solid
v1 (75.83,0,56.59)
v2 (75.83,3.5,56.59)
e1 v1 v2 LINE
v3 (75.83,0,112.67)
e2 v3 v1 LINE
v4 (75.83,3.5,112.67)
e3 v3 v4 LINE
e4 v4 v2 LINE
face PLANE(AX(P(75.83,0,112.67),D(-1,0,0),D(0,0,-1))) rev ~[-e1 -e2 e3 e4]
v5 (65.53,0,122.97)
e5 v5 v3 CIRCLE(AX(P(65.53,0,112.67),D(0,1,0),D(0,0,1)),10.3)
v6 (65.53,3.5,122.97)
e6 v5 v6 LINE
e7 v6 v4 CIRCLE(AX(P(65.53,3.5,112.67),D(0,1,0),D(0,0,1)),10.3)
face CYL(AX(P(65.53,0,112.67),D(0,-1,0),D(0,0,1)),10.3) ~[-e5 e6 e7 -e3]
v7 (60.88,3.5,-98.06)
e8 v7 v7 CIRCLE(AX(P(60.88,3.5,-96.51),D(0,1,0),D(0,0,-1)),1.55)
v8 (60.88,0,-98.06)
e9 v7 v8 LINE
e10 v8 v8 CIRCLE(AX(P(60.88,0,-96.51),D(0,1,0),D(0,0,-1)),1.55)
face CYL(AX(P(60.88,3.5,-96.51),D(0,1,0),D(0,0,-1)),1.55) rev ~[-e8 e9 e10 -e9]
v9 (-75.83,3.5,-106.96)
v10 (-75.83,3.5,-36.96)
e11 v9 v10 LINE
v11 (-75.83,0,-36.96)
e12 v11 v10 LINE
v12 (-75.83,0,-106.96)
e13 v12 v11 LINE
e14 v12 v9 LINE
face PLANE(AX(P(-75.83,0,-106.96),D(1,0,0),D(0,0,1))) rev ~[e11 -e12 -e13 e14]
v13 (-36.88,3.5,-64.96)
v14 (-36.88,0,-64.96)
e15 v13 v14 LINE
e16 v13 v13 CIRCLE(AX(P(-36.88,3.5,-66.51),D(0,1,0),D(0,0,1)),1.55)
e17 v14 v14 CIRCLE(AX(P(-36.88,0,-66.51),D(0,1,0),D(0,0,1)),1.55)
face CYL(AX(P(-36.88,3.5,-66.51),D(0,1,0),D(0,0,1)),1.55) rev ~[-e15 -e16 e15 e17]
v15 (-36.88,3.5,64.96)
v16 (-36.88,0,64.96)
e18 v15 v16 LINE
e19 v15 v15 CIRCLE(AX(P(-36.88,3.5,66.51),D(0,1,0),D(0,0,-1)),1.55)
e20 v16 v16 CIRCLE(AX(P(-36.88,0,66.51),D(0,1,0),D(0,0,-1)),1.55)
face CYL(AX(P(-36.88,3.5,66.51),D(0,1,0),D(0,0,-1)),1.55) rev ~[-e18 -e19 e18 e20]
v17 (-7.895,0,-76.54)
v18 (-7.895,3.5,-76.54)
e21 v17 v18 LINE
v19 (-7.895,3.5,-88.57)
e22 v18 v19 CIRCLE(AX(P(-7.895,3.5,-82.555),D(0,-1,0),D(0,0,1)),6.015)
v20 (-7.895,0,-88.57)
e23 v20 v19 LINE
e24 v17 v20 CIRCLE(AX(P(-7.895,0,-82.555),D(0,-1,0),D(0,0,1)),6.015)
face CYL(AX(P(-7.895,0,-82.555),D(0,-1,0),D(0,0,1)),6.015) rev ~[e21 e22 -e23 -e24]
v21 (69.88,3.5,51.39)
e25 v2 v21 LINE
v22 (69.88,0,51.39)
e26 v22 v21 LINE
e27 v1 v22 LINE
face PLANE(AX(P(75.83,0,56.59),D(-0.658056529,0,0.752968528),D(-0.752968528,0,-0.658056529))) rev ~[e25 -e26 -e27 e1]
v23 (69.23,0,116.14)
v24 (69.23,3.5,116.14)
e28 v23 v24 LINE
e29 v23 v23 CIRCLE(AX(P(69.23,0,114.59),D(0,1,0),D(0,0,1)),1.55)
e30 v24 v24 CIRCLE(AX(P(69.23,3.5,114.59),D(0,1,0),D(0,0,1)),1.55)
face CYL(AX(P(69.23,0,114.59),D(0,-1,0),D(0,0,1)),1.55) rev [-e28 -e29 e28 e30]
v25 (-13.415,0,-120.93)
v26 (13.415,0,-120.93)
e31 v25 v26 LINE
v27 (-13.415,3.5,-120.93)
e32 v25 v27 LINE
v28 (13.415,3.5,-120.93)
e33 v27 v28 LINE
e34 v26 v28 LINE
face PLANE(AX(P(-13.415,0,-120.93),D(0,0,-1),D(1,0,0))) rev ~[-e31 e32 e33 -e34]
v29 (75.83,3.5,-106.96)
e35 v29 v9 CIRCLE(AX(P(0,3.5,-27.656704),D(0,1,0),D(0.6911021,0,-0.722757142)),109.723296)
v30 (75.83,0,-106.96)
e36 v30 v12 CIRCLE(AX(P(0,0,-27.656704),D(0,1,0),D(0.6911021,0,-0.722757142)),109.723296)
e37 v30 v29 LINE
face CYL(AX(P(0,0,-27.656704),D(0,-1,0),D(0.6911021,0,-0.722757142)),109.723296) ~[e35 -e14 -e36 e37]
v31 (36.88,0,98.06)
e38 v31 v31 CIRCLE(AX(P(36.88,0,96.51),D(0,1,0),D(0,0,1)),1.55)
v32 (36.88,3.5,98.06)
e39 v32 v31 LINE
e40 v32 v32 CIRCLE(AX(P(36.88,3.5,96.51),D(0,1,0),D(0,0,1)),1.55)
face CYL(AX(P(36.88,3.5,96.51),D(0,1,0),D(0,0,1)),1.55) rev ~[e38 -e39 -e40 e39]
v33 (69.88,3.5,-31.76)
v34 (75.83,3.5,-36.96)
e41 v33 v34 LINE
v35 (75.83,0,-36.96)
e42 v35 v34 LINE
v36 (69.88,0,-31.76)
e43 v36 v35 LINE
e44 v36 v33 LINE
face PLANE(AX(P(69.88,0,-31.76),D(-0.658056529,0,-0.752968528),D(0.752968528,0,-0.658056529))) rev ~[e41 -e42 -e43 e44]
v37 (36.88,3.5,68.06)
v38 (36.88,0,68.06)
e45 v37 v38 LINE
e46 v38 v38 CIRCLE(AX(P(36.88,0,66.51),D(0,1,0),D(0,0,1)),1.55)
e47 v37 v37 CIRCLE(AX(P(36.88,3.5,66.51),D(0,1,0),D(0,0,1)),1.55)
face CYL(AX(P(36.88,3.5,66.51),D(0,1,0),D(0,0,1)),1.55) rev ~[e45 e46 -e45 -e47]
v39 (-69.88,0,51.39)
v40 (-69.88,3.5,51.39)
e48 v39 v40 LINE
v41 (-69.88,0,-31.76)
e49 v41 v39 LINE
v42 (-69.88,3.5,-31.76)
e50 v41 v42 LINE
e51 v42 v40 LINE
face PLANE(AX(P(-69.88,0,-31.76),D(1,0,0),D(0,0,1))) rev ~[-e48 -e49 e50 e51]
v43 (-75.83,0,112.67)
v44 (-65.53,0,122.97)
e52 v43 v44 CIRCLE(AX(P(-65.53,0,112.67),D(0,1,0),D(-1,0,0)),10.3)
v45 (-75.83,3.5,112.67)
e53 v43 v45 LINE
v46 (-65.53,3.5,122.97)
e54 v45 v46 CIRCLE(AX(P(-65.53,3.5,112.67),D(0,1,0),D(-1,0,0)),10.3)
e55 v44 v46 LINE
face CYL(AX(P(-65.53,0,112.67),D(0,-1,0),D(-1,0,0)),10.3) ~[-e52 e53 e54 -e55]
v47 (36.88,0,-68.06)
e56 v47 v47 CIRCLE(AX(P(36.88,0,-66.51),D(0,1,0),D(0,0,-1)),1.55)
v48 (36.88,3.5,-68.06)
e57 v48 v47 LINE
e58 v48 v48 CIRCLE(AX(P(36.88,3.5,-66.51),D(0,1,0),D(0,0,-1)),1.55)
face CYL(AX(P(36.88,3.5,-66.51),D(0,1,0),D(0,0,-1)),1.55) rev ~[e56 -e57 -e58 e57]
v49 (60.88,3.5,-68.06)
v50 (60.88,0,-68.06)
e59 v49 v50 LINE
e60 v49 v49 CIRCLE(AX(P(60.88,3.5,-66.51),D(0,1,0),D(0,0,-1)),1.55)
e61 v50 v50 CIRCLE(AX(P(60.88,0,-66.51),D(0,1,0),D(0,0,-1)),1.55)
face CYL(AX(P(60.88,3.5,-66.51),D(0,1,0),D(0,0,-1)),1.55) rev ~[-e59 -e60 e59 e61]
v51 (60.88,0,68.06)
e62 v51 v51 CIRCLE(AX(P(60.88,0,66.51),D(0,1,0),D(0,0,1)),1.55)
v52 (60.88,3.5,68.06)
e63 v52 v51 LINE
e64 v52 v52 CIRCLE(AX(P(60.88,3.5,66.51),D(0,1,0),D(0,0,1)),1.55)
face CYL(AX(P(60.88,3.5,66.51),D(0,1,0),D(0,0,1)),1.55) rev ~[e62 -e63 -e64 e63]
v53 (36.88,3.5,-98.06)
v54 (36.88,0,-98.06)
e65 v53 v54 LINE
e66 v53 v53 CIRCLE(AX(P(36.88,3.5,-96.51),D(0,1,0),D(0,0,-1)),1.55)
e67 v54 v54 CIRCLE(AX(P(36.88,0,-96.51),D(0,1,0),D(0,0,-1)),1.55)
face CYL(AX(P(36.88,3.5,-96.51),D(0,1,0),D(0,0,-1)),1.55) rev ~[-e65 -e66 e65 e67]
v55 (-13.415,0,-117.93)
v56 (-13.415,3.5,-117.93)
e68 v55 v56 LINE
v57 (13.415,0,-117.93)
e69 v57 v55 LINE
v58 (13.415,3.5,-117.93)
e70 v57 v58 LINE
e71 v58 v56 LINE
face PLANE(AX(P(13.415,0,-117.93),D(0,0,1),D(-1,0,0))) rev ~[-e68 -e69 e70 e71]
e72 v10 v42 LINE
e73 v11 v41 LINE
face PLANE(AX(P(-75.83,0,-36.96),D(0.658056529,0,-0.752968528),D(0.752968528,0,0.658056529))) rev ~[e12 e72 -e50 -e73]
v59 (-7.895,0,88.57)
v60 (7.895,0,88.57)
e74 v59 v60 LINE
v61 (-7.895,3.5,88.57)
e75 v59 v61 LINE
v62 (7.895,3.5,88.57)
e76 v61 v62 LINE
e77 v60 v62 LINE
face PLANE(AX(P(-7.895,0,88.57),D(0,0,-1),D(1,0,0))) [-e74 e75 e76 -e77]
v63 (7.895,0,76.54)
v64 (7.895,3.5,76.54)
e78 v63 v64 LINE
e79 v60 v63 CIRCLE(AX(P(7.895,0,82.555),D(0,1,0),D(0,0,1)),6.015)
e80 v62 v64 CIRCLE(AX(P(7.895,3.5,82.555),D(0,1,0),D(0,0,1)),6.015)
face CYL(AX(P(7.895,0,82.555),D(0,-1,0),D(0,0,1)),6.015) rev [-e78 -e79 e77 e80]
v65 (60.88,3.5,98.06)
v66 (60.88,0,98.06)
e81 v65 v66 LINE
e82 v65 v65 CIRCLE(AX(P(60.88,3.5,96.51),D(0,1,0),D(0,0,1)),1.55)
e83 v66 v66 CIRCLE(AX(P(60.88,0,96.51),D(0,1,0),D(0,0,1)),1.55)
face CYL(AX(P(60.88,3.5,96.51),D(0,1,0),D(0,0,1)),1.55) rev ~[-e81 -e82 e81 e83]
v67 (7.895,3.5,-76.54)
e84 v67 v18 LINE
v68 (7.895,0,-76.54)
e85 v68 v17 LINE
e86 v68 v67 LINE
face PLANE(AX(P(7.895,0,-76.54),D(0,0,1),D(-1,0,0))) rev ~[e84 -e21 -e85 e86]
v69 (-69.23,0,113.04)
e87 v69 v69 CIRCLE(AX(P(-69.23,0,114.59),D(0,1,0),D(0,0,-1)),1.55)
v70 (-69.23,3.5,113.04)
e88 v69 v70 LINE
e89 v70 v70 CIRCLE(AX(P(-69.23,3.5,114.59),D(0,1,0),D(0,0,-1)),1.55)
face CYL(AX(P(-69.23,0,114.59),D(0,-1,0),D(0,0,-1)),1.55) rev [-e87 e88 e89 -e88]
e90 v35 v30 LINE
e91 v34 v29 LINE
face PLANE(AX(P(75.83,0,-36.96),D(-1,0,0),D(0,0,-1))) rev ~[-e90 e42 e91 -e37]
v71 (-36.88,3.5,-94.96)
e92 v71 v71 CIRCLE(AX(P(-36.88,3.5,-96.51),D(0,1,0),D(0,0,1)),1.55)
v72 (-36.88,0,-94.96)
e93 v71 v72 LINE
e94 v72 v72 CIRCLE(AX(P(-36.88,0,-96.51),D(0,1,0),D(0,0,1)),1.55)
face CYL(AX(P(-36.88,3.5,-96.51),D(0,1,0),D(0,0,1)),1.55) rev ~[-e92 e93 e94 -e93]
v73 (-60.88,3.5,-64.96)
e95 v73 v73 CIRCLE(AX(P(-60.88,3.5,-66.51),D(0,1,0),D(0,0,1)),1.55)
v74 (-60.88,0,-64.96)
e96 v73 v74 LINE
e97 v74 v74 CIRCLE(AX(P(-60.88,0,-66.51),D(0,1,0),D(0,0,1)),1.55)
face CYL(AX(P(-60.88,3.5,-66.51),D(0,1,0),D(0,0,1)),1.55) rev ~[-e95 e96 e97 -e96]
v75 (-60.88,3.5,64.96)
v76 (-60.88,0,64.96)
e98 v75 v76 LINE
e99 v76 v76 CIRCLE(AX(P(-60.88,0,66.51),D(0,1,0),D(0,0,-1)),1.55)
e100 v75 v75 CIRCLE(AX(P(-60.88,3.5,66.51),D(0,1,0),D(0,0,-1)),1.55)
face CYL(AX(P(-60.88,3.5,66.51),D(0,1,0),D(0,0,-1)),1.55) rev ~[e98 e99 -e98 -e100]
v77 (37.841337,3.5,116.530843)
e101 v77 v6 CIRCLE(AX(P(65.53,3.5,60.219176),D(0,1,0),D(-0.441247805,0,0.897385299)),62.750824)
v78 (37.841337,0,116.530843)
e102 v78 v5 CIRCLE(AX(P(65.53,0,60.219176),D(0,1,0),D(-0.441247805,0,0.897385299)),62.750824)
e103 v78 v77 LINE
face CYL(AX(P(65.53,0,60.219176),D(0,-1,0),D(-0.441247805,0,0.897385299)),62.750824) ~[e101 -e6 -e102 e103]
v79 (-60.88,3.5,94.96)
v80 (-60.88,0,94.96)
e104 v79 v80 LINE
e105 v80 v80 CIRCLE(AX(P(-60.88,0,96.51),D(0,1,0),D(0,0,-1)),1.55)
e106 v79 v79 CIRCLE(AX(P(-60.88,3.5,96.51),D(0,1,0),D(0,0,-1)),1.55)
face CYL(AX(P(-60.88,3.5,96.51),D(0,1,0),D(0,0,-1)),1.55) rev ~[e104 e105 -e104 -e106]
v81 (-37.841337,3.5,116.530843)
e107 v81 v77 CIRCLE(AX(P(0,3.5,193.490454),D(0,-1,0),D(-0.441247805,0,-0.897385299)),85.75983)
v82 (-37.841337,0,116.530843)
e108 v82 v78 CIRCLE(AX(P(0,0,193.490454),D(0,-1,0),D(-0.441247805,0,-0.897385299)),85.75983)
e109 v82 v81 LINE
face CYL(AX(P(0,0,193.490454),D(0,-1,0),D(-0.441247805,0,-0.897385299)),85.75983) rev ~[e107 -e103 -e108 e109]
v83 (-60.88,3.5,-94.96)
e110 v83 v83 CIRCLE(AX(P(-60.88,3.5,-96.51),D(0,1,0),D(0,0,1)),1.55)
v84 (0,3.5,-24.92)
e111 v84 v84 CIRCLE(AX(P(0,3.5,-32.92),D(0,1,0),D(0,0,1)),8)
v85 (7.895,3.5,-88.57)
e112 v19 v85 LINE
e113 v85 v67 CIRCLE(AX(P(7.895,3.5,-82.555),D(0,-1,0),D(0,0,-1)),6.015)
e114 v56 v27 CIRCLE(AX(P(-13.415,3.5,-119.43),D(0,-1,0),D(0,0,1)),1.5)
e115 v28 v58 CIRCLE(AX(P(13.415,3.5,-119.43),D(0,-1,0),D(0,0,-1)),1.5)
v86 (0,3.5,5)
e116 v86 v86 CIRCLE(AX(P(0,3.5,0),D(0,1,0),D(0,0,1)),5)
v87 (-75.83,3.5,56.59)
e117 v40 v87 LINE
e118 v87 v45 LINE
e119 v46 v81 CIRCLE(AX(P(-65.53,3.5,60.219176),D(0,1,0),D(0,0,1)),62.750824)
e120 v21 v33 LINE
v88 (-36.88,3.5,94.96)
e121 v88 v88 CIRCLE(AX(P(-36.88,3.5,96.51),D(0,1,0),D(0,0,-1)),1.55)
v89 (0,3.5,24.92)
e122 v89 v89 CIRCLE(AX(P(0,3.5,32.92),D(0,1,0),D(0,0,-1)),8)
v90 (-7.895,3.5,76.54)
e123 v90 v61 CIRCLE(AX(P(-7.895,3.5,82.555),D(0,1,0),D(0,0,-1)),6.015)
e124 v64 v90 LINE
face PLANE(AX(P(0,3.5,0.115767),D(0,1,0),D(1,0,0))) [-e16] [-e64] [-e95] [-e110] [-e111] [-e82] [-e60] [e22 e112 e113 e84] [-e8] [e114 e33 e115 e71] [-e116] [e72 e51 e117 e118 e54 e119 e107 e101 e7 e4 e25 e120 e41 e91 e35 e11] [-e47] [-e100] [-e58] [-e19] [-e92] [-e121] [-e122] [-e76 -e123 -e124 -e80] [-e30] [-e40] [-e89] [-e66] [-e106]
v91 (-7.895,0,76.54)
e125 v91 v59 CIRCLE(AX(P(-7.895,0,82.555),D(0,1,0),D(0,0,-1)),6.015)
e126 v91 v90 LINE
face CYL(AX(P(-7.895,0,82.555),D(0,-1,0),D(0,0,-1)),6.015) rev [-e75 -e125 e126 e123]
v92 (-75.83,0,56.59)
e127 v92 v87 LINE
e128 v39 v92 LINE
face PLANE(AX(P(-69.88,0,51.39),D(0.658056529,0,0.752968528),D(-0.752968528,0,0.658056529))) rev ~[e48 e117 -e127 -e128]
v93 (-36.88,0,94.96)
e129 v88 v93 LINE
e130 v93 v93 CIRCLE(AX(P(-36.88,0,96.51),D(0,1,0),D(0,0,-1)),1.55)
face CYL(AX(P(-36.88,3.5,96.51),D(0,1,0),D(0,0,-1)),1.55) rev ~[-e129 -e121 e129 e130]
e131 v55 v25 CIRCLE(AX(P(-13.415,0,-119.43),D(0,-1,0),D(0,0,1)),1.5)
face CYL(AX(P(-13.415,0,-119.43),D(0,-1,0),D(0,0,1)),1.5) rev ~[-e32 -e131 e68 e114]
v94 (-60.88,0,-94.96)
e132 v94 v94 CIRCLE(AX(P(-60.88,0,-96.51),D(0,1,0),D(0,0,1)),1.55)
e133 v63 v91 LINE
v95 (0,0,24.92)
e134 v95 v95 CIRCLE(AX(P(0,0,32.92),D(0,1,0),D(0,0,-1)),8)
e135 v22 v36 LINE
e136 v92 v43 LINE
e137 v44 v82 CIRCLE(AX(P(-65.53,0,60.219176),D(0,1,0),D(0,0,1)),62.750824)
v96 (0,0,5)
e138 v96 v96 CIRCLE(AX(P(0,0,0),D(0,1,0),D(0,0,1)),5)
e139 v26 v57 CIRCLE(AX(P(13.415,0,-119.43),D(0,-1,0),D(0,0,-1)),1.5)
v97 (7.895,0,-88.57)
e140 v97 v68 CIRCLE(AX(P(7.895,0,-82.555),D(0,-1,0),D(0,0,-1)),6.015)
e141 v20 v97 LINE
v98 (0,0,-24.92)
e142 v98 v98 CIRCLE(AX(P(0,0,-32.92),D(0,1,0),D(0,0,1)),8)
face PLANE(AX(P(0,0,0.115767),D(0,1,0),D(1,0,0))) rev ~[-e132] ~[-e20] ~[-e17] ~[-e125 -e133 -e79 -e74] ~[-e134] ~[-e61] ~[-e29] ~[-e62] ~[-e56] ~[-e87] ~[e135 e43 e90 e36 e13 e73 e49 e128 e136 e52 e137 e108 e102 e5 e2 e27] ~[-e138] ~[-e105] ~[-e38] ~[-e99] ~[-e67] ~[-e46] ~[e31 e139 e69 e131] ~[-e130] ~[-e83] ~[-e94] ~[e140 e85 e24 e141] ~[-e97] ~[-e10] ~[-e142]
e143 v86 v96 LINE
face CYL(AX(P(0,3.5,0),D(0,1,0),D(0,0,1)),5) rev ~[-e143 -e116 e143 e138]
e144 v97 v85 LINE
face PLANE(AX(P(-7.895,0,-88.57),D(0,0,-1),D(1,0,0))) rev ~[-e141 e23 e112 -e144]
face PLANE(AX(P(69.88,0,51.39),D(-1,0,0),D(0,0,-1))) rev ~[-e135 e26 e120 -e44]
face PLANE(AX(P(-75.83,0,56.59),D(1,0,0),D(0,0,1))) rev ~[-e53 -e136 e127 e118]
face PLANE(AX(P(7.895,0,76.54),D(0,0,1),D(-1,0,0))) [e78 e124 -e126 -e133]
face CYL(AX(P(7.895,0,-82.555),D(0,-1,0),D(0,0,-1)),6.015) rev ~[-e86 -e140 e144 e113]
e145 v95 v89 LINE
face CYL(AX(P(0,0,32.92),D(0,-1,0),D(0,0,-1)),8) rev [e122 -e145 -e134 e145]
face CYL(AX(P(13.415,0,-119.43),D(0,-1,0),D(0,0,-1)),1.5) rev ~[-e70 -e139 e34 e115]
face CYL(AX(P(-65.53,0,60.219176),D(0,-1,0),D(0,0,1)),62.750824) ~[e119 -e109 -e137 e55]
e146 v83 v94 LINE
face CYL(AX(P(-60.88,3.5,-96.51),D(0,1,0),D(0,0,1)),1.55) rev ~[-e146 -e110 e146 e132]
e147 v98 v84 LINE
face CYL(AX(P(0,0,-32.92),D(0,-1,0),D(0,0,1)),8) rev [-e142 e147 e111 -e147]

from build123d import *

# Parameters (mm, degrees)
CROQUIS1_R              = 8
CROQUIS1_R_2            = 1.55
SALIENTE_EXTRUIR1_DEPTH = 3.5
CROQUIS2_R              = 1.55
CORTAR_EXTRUIR1_DEPTH   = 157.957648109
CROQUIS3_R              = 5
CORTAR_EXTRUIR2_DEPTH   = 10


with BuildPart() as part:
    # Croquis1 → Saliente-Extruir1 (new body)
    with BuildSketch(Plane(origin=(0, 0, 0), x_dir=(1, 0, 0), z_dir=(0, 1, 0))):
        with BuildLine():
            Line((-75.83, 106.96), (-75.83, 36.96))
            Line((-75.83, 36.96), (-69.88, 31.76))
            Line((-69.88, 31.76), (-69.88, -51.39))
            Line((-69.88, -51.39), (-75.83, -56.59))
            Line((-75.83, -56.59), (-75.83, -112.67))
            ThreePointArc((-75.83, -112.67), (-72.813199846, -119.953199846), (-65.53, -122.97))
            ThreePointArc((-65.53, -122.97), (-51.316231926, -121.339014909), (-37.841336827, -116.530842982))
            ThreePointArc((-37.841336827, -116.530842982), (0, -107.730623626), (37.841336827, -116.530842982))
            ThreePointArc((37.841336827, -116.530842982), (51.316231926, -121.339014909), (65.53, -122.97))
            ThreePointArc((65.53, -122.97), (72.813199846, -119.953199846), (75.83, -112.67))
            Line((75.83, -112.67), (75.83, -56.59))
            Line((75.83, -56.59), (69.88, -51.39))
            Line((69.88, -51.39), (69.88, 31.76))
            Line((69.88, 31.76), (75.83, 36.96))
            Line((75.83, 36.96), (75.83, 106.96))
            ThreePointArc((75.83, 106.96), (0, 137.38), (-75.83, 106.96))
        make_face()
        with Locations(Location((0, 32.92, 0), (0, 0, 270))):
            Circle(CROQUIS1_R, mode=Mode.SUBTRACT)
        with Locations(Location((69.23, -114.59, 0), (0, 0, 270))):
            Circle(CROQUIS1_R_2, mode=Mode.SUBTRACT)
        with Locations(Location((0, -32.92, 0), (0, 0, 90))):
            Circle(CROQUIS1_R, mode=Mode.SUBTRACT)
        with Locations(Location((-69.23, -114.59, 0), (0, 0, 90))):
            Circle(CROQUIS1_R_2, mode=Mode.SUBTRACT)
        with BuildLine():
            Line((-7.895, -88.57), (7.895, -88.57))
            ThreePointArc((7.895, -88.57), (13.91, -82.555), (7.895, -76.54))
            Line((7.895, -76.54), (-7.895, -76.54))
            ThreePointArc((-7.895, -76.54), (-13.91, -82.555), (-7.895, -88.57))
        make_face(mode=Mode.SUBTRACT)
        with BuildLine():
            Line((-7.895, 88.57), (7.895, 88.57))
            ThreePointArc((7.895, 88.57), (13.91, 82.555), (7.895, 76.54))
            Line((7.895, 76.54), (-7.895, 76.54))
            ThreePointArc((-7.895, 76.54), (-13.91, 82.555), (-7.895, 88.57))
        make_face(mode=Mode.SUBTRACT)
        with BuildLine():
            Line((-13.415, 120.93), (13.415, 120.93))
            ThreePointArc((13.415, 120.93), (14.915, 119.43), (13.415, 117.93))
            Line((13.415, 117.93), (-13.415, 117.93))
            ThreePointArc((-13.415, 117.93), (-14.915, 119.43), (-13.415, 120.93))
        make_face(mode=Mode.SUBTRACT)
    extrude(amount=SALIENTE_EXTRUIR1_DEPTH)

    # Croquis2 → Cortar-Extruir1 (cut, through all)
    with BuildSketch(Plane(origin=(0, 3.5, 0), x_dir=(1, 0, 0), z_dir=(0, 1, 0))):
        with Locations(Location((-60.88, 66.51, 0), (0, 0, 270))):
            Circle(CROQUIS2_R)
        with Locations(Location((-60.88, 96.51, 0), (0, 0, 270))):
            Circle(CROQUIS2_R)
        with Locations(Location((-36.88, 96.51, 0), (0, 0, 270))):
            Circle(CROQUIS2_R)
        with Locations(Location((-36.88, 66.51, 0), (0, 0, 270))):
            Circle(CROQUIS2_R)
        with Locations(Location((60.88, 66.51, 0), (0, 0, 90))):
            Circle(CROQUIS2_R)
        with Locations(Location((36.88, 66.51, 0), (0, 0, 90))):
            Circle(CROQUIS2_R)
        with Locations(Location((36.88, 96.51, 0), (0, 0, 90))):
            Circle(CROQUIS2_R)
        with Locations(Location((60.88, 96.51, 0), (0, 0, 90))):
            Circle(CROQUIS2_R)
        with Locations(Location((60.88, -96.51, 0), (0, 0, 270))):
            Circle(CROQUIS2_R)
        with Locations(Location((36.88, -96.51, 0), (0, 0, 270))):
            Circle(CROQUIS2_R)
        with Locations(Location((36.88, -66.51, 0), (0, 0, 270))):
            Circle(CROQUIS2_R)
        with Locations(Location((60.88, -66.51, 0), (0, 0, 270))):
            Circle(CROQUIS2_R)
        with Locations(Location((-36.88, -66.51, 0), (0, 0, 90))):
            Circle(CROQUIS2_R)
        with Locations(Location((-36.88, -96.51, 0), (0, 0, 90))):
            Circle(CROQUIS2_R)
        with Locations(Location((-60.88, -96.51, 0), (0, 0, 90))):
            Circle(CROQUIS2_R)
        with Locations(Location((-60.88, -66.51, 0), (0, 0, 90))):
            Circle(CROQUIS2_R)
    extrude(amount=-CORTAR_EXTRUIR1_DEPTH, mode=Mode.SUBTRACT)

    # Croquis3 → Cortar-Extruir2 (cut)
    with BuildSketch(Plane(origin=(0, 3.5, 0), x_dir=(1, 0, 0), z_dir=(0, 1, 0))):
        with Locations(Location((0, 0, 0), (0, 0, 270))):
            Circle(CROQUIS3_R)
    extrude(amount=-CORTAR_EXTRUIR2_DEPTH, mode=Mode.SUBTRACT)


solid = part.part
